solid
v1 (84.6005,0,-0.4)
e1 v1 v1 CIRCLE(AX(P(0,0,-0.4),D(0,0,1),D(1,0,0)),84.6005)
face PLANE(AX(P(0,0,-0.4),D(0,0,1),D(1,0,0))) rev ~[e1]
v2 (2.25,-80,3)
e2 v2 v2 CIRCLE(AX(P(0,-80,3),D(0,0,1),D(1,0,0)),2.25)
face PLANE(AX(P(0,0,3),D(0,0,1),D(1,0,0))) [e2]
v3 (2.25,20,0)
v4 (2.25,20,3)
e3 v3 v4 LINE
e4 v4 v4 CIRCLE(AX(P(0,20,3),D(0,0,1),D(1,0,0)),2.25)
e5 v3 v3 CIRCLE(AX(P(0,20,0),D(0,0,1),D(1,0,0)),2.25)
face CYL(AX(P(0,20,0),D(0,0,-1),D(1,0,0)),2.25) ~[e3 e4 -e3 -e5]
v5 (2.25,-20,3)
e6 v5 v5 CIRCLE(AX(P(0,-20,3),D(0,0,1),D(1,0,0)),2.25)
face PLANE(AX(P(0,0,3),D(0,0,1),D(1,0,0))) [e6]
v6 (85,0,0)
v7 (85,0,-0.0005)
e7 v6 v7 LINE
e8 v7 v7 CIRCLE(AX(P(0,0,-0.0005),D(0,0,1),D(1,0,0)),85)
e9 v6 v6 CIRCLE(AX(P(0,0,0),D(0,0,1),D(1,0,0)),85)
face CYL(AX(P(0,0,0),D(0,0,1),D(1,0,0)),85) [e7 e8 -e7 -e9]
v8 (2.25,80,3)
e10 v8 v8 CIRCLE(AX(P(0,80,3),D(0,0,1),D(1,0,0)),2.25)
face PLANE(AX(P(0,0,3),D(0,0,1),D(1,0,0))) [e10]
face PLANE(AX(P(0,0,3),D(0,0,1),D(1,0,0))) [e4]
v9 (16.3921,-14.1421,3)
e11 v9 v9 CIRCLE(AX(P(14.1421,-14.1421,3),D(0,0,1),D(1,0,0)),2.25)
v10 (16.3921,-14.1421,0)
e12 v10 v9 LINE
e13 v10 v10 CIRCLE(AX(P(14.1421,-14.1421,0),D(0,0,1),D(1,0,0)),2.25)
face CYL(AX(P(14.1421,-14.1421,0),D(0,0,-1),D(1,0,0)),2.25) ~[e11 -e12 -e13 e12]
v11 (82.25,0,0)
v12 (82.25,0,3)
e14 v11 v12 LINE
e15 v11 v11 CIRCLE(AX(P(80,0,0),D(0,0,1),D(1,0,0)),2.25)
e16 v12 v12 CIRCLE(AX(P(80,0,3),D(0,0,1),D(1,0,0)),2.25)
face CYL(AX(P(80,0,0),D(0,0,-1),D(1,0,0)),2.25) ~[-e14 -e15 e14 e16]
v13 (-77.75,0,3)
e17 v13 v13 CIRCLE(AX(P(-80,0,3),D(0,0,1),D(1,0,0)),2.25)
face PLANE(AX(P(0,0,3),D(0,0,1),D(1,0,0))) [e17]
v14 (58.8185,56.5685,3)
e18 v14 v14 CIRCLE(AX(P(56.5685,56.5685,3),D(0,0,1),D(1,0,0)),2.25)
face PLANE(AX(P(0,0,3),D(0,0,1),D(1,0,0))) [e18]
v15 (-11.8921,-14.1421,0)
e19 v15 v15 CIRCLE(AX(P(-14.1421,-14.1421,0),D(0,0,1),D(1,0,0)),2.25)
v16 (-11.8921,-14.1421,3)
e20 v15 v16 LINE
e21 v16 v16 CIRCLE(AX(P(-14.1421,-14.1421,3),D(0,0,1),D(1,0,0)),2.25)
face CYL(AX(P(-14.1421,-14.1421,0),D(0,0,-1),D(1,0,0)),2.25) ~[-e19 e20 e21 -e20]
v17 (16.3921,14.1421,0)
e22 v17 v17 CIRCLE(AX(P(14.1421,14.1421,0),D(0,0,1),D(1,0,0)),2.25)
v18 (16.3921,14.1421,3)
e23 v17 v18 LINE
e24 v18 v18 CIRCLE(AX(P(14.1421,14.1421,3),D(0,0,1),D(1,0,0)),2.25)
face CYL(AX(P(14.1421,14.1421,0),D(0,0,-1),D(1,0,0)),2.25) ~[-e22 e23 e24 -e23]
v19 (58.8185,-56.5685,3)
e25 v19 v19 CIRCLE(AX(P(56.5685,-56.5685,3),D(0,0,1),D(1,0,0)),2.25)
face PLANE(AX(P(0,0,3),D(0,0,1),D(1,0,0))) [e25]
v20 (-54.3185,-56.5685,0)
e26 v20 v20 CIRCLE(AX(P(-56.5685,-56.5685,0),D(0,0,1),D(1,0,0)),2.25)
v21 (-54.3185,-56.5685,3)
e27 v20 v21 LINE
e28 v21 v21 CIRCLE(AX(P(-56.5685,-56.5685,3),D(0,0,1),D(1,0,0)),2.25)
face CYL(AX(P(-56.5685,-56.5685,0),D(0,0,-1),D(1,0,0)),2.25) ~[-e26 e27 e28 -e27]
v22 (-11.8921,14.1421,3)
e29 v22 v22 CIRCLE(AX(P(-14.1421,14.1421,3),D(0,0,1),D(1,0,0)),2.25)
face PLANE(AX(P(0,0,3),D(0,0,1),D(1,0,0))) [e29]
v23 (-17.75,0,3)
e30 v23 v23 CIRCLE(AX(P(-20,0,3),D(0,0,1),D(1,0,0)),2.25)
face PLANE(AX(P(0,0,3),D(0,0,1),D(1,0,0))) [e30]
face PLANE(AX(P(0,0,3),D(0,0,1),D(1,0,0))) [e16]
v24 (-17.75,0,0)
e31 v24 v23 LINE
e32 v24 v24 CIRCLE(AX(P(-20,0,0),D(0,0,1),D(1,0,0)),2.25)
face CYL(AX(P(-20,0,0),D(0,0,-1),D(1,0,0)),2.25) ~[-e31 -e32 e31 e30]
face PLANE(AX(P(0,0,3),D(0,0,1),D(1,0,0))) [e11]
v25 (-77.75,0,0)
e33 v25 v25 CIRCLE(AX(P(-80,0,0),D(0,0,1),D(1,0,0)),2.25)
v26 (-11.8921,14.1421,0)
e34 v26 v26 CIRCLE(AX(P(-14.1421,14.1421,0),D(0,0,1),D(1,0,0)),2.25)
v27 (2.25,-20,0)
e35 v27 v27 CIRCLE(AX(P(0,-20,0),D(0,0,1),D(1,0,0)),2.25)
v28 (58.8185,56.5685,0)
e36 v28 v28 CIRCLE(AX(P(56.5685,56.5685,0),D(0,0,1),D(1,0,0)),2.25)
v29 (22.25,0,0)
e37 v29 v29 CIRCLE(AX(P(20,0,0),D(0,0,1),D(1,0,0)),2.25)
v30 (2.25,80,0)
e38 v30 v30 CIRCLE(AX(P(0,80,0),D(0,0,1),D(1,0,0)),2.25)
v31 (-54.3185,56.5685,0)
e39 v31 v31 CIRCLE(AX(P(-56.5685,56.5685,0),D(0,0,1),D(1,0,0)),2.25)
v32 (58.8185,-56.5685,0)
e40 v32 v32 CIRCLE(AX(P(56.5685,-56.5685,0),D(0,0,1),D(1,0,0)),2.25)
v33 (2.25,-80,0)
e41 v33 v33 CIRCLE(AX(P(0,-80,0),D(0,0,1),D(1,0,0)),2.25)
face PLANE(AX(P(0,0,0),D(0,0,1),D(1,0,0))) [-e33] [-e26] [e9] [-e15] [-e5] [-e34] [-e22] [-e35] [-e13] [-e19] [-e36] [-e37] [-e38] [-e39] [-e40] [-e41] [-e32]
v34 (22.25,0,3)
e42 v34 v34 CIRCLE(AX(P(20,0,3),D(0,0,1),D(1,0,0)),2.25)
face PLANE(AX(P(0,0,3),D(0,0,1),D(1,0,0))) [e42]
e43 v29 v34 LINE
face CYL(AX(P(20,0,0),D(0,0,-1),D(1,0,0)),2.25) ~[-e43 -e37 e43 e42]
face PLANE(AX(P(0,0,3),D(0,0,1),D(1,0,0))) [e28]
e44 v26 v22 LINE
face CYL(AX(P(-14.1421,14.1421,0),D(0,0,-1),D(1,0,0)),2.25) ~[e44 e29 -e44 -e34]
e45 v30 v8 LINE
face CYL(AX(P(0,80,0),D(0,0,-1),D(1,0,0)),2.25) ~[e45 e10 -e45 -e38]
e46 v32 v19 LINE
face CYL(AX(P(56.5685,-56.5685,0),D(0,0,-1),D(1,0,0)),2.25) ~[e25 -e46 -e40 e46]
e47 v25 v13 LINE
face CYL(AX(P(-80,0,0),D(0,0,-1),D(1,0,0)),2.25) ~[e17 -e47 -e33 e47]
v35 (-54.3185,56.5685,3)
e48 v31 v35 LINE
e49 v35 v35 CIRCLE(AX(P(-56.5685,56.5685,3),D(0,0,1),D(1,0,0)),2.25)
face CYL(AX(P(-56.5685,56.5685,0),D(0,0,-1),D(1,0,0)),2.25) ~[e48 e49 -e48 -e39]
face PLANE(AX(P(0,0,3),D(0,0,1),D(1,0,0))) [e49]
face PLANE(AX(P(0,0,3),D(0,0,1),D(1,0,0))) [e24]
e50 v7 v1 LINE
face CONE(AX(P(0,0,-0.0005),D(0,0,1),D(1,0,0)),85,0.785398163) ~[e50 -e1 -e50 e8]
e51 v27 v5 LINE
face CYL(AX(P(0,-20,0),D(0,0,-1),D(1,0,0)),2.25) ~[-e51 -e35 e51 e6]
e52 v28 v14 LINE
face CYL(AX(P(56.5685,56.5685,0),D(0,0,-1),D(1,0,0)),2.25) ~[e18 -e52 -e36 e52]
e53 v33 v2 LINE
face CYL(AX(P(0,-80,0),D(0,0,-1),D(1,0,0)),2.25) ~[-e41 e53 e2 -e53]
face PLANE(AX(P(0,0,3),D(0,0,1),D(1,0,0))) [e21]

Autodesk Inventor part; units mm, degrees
ref_plane "YZ Plane" through (0, 0, 0) normal (1, 0, 0) x (0, 1, 0)
ref_plane "XZ Plane" through (0, 0, 0) normal (0, 1, 0) x (-1, 0, 0)
ref_plane "XY Plane" through (0, 0, 0) normal (0, 0, 1) x (1, 0, 0)
sketch "Sketch1" plane through (0, 0, 0) normal (0, 0, 1) x (1, 0, 0)
  circle A0 centre (20, 0) radius 2.25
  circle A1 centre (80, 0) radius 2.25
  circle A2 centre (0, 0) radius 85
  line L0 (0, 0) -> (20, 0) construction
  line L1 (20, 0) -> (80, 0) construction
  circle A3 centre (14.1421, 14.1421) radius 2.25
  circle A4 centre (56.5685, 56.5685) radius 2.25
  line L2 (0, 0) -> (14.1421, 14.1421) construction
  line L3 (14.1421, 14.1421) -> (56.5685, 56.5685) construction
  circle A5 centre (0, 20) radius 2.25
  circle A6 centre (0, 80) radius 2.25
  line L4 (0, 0) -> (0, 20) construction
  line L5 (0, 20) -> (0, 80) construction
  circle A7 centre (-14.1421, 14.1421) radius 2.25
  circle A8 centre (-56.5685, 56.5685) radius 2.25
  line L6 (0, 0) -> (-14.1421, 14.1421) construction
  line L7 (-14.1421, 14.1421) -> (-56.5685, 56.5685) construction
  circle A9 centre (-20, 0) radius 2.25
  circle A10 centre (-80, 0) radius 2.25
  line L8 (0, 0) -> (-20, 0) construction
  line L9 (-20, 0) -> (-80, 0) construction
  circle A11 centre (-14.1421, -14.1421) radius 2.25
  circle A12 centre (-56.5685, -56.5685) radius 2.25
  line L10 (0, 0) -> (-14.1421, -14.1421) construction
  line L11 (-14.1421, -14.1421) -> (-56.5685, -56.5685) construction
  circle A13 centre (0, -20) radius 2.25
  circle A14 centre (0, -80) radius 2.25
  line L12 (0, 0) -> (0, -20) construction
  line L13 (0, -20) -> (0, -80) construction
  circle A15 centre (14.1421, -14.1421) radius 2.25
  circle A16 centre (56.5685, -56.5685) radius 2.25
  line L14 (0, 0) -> (14.1421, -14.1421) construction
  line L15 (14.1421, -14.1421) -> (56.5685, -56.5685) construction
  dimension "d0" = 170
  dimension "d1" = 20
  dimension "d2" = 80
  dimension "d3" = 4.5
  dimension "d6" = 360
extrude "Extrusion1" add sketch "Sketch1" against normal blind 0.4 contours A0 | A1 | A2 | A3 | A4 | A5 | A6 | A7 | A8 | A9 | A10 | A11 | A12 | A13 | A14 | A15 | A16
extrude "Extrusion2" add sketch "Sketch1" along normal blind 3 contours A0 | A1 | A3 | A4 | A5 | A6 | A7 | A8 | A9 | A10 | A11 | A12 | A13 | A14 | A15 | A16
chamfer "Chamfer1" distance 0.4 angle 45 1 edges at (-85, 0, -0.4)
properties part number "Deskcap"
